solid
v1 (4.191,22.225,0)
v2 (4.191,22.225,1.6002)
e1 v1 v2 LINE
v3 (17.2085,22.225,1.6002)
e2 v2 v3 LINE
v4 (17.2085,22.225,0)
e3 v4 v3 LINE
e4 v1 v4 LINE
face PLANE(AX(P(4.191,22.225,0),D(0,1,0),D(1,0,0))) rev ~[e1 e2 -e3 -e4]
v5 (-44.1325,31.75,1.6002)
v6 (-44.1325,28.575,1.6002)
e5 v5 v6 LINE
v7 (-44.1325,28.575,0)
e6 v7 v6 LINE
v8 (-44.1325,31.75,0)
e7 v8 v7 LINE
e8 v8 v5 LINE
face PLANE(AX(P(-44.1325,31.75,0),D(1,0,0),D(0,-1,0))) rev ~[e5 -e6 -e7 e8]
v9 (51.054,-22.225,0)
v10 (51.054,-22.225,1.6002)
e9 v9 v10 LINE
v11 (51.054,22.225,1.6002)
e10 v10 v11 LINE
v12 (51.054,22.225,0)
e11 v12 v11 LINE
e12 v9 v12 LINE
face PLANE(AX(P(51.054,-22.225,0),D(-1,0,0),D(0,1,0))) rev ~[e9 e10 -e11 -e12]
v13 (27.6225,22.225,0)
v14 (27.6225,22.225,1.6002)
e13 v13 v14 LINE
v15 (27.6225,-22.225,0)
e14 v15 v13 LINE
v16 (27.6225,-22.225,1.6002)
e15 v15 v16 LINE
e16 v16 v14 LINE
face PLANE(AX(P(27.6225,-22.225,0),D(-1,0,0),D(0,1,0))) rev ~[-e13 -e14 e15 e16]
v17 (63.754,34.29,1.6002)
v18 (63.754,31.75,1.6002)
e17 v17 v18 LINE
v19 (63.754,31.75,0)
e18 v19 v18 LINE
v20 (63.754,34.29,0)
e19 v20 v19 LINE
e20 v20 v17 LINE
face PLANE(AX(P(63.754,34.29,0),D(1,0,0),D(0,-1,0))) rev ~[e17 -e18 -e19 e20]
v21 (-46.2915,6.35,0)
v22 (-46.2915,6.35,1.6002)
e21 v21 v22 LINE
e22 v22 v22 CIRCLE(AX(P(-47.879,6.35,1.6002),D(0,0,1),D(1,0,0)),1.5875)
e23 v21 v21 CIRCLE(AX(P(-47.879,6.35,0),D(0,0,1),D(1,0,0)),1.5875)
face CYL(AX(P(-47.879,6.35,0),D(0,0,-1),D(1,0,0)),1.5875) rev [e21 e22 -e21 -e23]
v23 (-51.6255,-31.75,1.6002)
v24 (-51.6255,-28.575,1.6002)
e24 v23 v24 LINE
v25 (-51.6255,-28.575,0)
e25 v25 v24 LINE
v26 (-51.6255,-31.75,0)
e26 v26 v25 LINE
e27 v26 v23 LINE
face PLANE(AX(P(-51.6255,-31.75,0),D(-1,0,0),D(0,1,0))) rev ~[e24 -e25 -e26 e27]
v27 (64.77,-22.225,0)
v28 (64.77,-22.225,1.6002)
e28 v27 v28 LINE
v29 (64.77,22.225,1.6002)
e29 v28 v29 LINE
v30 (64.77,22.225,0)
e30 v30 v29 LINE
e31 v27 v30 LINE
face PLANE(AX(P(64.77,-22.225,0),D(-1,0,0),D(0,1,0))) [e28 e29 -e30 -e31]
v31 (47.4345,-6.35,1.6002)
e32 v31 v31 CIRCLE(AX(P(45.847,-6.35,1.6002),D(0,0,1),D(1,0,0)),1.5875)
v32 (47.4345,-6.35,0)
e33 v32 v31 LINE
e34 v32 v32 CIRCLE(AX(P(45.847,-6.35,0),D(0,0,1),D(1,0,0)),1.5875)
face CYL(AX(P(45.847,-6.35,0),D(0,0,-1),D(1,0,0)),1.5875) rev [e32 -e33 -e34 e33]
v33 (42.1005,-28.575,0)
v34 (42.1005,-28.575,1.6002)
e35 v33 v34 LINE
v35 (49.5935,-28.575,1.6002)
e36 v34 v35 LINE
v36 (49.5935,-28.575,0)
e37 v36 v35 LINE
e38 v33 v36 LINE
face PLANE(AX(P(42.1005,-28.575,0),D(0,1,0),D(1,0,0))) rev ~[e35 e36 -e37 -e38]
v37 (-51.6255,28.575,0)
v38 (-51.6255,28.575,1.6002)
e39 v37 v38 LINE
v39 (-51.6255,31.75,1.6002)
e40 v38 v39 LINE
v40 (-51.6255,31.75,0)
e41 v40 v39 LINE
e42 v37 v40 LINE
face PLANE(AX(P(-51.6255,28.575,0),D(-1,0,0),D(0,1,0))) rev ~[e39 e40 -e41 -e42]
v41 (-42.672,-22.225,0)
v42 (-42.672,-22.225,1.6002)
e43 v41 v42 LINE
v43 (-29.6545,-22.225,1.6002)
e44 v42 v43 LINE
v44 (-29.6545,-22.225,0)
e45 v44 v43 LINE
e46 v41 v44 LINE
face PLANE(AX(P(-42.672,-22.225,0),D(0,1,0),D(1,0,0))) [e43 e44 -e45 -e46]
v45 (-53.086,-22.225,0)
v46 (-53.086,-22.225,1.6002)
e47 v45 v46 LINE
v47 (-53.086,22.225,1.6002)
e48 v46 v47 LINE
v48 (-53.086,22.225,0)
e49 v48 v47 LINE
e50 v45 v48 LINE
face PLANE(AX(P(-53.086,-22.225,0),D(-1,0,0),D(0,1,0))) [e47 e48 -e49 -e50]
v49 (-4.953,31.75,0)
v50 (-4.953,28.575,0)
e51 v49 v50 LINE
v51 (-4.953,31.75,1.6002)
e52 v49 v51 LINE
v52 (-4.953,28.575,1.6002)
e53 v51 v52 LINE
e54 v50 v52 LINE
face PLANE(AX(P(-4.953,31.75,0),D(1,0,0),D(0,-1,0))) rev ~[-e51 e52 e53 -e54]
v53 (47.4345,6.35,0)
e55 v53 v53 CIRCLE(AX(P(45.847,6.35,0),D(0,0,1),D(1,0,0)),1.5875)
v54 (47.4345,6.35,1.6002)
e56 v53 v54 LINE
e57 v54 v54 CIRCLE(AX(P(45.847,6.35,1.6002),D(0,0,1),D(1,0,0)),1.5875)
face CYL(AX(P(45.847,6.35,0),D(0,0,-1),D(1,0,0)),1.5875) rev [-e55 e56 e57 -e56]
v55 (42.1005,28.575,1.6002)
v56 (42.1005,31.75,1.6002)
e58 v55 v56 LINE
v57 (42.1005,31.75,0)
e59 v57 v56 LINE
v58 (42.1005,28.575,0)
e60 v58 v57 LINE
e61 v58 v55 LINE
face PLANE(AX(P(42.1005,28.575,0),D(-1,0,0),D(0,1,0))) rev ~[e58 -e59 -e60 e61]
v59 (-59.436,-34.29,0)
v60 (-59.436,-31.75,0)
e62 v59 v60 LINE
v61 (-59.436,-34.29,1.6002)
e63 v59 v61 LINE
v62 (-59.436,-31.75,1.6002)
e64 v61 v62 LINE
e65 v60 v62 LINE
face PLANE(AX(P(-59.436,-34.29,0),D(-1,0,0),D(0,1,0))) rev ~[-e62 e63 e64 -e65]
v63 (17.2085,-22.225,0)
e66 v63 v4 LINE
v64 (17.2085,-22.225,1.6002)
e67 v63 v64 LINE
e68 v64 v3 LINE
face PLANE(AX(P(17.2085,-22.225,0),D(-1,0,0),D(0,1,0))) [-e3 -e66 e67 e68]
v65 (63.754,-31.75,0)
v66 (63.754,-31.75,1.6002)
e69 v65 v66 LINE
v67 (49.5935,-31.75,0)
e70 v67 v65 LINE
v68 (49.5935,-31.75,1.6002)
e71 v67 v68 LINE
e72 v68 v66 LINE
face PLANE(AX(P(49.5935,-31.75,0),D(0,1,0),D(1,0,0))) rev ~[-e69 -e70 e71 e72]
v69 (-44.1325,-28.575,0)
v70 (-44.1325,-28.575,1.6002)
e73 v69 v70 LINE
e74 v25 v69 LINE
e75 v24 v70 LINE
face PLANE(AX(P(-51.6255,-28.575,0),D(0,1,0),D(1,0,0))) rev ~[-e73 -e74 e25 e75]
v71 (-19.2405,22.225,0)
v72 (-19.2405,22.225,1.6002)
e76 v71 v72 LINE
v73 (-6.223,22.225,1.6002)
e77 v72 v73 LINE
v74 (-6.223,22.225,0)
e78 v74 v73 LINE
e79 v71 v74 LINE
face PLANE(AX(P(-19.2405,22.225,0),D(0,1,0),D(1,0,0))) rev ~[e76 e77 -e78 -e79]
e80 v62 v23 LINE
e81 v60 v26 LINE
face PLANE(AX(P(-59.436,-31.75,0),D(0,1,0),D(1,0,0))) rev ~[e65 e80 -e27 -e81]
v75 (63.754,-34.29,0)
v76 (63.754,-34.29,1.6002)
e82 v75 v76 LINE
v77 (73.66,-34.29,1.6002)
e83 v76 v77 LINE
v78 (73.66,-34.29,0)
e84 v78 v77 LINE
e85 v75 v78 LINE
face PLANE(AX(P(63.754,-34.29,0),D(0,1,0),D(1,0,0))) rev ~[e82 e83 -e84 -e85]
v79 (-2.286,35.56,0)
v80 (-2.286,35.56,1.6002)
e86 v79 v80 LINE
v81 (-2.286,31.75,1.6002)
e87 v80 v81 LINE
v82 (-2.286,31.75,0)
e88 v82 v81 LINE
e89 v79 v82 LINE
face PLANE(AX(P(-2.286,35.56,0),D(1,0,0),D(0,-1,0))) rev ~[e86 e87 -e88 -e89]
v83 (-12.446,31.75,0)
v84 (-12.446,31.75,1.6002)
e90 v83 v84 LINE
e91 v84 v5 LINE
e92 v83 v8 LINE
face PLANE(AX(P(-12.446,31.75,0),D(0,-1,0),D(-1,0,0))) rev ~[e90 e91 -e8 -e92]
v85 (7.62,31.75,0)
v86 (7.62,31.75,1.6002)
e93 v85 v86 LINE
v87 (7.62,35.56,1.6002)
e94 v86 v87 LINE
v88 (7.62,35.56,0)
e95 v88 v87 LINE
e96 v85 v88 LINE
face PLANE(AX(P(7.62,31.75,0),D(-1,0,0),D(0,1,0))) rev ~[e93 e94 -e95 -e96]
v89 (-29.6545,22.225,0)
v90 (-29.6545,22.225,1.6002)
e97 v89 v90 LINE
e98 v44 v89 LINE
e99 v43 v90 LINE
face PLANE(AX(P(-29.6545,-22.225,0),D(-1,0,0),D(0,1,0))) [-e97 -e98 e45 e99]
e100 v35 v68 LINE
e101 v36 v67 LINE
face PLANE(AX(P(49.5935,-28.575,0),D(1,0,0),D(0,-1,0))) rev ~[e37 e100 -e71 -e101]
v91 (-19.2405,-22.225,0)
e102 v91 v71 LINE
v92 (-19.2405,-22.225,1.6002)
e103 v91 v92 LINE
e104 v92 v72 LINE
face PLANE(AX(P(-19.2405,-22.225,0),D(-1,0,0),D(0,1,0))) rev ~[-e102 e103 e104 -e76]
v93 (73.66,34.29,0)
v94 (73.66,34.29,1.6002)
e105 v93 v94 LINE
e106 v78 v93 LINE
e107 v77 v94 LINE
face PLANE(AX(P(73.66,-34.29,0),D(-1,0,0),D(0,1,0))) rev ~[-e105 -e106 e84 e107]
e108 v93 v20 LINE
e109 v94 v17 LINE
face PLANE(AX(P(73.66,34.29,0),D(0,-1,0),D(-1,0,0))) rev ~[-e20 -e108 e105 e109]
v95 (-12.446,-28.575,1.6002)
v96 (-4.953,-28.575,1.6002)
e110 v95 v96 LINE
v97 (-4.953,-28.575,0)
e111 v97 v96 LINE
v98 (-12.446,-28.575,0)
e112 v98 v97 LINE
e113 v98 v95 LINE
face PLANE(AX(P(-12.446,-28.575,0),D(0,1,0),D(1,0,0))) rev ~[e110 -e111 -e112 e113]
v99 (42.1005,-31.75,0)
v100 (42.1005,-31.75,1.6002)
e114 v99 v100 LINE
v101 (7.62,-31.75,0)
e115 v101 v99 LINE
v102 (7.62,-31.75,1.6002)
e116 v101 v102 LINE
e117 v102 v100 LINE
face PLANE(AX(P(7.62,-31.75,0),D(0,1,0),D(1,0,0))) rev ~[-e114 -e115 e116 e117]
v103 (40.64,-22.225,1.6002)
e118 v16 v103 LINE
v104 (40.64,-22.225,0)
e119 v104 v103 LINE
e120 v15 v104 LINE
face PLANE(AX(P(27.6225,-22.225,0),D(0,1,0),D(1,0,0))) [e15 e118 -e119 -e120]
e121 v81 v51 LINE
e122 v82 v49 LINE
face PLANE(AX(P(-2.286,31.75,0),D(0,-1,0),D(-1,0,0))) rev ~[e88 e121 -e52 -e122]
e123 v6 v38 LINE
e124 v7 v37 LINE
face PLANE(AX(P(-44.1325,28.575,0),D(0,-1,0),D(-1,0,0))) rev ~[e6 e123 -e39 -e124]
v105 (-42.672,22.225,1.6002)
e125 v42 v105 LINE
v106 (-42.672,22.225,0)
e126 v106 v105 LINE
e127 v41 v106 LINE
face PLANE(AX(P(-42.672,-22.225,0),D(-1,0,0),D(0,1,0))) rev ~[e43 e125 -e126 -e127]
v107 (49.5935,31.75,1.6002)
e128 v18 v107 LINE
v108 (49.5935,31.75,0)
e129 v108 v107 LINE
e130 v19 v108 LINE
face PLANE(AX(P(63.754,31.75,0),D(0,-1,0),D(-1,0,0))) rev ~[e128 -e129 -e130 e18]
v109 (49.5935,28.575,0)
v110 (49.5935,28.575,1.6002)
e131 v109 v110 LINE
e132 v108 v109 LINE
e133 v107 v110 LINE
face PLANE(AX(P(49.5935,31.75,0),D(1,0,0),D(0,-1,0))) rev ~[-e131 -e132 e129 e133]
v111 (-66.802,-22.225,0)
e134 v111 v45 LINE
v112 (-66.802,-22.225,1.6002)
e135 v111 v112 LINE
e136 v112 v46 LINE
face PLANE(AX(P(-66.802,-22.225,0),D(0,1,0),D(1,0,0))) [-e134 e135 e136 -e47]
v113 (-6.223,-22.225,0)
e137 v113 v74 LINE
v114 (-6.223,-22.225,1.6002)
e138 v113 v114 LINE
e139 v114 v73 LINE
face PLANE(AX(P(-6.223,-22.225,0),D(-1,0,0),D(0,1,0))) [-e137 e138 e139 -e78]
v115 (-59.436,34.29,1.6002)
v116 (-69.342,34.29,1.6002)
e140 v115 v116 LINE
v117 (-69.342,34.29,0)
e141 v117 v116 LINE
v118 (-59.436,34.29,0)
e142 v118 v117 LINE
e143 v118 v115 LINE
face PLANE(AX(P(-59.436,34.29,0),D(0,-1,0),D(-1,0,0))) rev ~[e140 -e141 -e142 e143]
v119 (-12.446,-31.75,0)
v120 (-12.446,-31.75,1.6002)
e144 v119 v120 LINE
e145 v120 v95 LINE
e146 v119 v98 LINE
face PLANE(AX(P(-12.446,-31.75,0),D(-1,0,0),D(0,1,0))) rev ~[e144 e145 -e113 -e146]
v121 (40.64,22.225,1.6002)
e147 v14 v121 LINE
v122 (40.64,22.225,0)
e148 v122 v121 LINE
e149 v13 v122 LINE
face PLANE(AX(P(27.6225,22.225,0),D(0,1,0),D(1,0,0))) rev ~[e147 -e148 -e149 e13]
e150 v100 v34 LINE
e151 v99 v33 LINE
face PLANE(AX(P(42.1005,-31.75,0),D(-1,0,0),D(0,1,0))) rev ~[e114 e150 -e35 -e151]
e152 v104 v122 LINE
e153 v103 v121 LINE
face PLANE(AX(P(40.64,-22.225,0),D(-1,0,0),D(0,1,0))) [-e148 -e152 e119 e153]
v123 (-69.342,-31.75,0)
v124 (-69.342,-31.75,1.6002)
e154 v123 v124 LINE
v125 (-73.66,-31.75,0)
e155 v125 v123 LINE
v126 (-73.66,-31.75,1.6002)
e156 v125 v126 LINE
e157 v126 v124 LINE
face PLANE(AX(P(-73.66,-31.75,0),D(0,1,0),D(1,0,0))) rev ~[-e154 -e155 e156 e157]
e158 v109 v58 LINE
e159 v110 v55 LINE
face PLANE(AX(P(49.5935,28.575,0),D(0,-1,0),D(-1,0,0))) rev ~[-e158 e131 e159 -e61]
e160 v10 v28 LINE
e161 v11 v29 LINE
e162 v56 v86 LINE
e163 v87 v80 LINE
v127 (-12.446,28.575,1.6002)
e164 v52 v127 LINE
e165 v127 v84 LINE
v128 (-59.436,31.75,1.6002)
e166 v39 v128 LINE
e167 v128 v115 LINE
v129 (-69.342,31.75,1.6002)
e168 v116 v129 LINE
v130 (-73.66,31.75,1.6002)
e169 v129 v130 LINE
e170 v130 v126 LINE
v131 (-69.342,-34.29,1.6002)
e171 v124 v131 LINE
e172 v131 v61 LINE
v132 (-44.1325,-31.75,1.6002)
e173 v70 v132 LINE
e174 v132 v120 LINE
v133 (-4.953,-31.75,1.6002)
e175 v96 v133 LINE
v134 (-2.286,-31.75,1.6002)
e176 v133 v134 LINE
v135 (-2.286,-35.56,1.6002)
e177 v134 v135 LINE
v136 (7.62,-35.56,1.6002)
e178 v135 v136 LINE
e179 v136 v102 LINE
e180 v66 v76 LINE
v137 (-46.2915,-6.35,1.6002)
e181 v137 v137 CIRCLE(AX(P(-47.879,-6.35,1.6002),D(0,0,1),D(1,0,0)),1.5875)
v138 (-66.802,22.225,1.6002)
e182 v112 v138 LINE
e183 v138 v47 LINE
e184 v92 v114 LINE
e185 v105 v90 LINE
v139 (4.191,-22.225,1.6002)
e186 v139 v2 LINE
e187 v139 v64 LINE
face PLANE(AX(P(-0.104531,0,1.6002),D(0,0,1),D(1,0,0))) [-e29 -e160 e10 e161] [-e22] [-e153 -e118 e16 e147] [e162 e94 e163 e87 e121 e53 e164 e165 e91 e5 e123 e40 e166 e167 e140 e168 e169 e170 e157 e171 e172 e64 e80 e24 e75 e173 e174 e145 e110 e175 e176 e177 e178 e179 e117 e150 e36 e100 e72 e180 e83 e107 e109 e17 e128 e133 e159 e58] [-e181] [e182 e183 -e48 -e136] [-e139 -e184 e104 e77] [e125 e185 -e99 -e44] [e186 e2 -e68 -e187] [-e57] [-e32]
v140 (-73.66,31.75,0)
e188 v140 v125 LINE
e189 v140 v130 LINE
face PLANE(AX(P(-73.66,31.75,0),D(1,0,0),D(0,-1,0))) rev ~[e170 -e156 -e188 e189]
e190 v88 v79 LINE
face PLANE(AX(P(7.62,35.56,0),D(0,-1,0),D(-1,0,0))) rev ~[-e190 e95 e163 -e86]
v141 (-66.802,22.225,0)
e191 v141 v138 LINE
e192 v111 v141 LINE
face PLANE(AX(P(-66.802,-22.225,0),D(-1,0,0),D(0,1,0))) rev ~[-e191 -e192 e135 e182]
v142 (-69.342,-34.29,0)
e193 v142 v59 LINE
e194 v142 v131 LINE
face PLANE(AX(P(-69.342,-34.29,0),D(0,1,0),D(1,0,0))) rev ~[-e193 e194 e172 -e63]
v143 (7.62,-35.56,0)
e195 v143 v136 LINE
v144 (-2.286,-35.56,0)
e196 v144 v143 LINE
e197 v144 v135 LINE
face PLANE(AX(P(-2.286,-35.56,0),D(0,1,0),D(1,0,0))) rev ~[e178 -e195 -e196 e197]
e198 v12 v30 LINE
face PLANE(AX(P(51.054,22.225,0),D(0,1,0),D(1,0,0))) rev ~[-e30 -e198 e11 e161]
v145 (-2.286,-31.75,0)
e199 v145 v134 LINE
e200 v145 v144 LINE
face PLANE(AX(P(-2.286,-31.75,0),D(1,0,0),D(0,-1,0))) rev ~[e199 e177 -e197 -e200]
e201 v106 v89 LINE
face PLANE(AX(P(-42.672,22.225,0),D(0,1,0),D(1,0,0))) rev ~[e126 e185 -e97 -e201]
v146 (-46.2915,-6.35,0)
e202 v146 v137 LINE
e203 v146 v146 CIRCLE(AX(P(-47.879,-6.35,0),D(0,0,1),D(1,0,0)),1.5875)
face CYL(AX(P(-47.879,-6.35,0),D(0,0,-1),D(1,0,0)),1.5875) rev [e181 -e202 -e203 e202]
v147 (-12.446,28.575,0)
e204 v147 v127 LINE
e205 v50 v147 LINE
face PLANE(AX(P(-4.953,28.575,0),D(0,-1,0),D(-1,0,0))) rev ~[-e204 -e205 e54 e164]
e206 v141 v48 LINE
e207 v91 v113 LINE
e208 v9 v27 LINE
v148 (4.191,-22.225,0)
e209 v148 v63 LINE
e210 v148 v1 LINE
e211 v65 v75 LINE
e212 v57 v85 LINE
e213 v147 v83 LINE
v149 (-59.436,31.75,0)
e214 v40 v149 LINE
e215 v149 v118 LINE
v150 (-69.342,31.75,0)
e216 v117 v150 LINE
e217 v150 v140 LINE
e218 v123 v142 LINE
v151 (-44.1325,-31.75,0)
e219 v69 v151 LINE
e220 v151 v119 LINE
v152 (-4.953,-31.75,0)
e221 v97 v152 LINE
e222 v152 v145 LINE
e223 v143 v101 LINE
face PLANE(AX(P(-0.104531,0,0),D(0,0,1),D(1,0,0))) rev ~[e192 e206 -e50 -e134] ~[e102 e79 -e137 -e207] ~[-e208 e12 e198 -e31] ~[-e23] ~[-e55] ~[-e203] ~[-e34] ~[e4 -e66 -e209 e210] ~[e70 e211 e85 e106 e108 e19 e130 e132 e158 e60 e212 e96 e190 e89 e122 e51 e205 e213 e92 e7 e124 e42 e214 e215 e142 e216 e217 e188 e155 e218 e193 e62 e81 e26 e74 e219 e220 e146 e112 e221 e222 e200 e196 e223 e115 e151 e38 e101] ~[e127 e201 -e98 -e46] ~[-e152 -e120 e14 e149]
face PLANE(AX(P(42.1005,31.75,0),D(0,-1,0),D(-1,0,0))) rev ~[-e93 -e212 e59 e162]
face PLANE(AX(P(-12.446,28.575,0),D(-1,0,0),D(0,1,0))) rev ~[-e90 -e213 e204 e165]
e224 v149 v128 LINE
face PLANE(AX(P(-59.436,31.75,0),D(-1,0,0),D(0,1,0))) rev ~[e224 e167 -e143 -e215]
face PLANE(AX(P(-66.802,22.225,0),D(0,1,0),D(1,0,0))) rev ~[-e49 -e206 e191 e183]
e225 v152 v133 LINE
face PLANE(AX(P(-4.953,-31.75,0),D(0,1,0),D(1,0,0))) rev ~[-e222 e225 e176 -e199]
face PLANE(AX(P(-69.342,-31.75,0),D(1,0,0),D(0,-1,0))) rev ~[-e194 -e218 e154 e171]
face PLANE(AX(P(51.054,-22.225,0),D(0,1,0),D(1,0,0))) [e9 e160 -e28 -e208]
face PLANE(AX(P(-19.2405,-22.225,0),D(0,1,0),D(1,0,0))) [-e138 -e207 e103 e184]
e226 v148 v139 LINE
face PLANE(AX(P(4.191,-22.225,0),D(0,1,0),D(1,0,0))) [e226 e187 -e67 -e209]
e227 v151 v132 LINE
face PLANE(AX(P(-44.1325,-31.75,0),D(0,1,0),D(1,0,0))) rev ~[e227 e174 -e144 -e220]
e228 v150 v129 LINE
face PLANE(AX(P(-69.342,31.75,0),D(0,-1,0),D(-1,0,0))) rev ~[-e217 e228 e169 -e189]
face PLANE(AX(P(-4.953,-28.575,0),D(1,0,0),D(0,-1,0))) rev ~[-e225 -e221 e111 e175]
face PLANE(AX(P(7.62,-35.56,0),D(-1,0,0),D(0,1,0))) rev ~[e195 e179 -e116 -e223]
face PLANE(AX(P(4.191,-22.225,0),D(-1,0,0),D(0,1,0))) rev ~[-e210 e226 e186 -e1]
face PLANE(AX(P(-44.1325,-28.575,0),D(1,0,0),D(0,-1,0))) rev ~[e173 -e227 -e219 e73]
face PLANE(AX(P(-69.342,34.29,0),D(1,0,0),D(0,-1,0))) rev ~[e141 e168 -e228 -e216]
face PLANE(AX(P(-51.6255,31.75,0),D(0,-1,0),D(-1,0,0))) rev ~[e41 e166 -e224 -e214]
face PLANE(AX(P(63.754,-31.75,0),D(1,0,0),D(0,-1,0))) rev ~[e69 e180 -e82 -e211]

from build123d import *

# Parameters (mm, degrees)
F0_W     = 13.716
F0_H     = 44.45
F0_R     = 1.5875
F0_W_2   = 13.0175
F1_DEPTH = 1.6002


with BuildPart() as f1:
    # F0 (on Top) → F1 (new body)
    with BuildSketch(Plane.XY):
        Polygon((63.754, 34.29), (63.754, 31.75), (49.5935, 31.75), (49.5935, 28.575), (45.847, 28.575), (42.1005, 28.575), (42.1005, 31.75), (7.62, 31.75), (7.62, 35.56), (-2.286, 35.56), (-2.286, 31.75), (-4.953, 31.75), (-4.953, 28.575), (-8.6995, 28.575), (-12.446, 28.575), (-12.446, 31.75), (-44.1325, 31.75), (-44.1325, 28.575), (-47.879, 28.575), (-51.6255, 28.575), (-51.6255, 31.75), (-59.436, 31.75), (-59.436, 34.29), (-69.342, 34.29), (-69.342, 31.75), (-73.66, 31.75), (-73.66, -31.75), (-69.342, -31.75), (-69.342, -34.29), (-59.436, -34.29), (-59.436, -31.75), (-51.6255, -31.75), (-51.6255, -28.575), (-47.879, -28.575), (-44.1325, -28.575), (-44.1325, -31.75), (-12.446, -31.75), (-12.446, -28.575), (-8.6995, -28.575), (-4.953, -28.575), (-4.953, -31.75), (-2.286, -31.75), (-2.286, -35.56), (7.62, -35.56), (7.62, -31.75), (42.1005, -31.75), (42.1005, -28.575), (45.847, -28.575), (49.5935, -28.575), (49.5935, -31.75), (63.754, -31.75), (63.754, -34.29), (73.66, -34.29), (73.66, -31.75), (73.66, 31.75), (73.66, 34.29), align=None)
        with Locations((-59.944, 0)):
            Rectangle(F0_W, F0_H, mode=Mode.SUBTRACT)
        with Locations((-47.879, -6.35)):
            Circle(F0_R, mode=Mode.SUBTRACT)
        with Locations((-36.16325, 0)):
            Rectangle(F0_W_2, F0_H, mode=Mode.SUBTRACT)
        with Locations((-12.73175, 0)):
            Rectangle(F0_W_2, F0_H, mode=Mode.SUBTRACT)
        with Locations((10.69975, 0)):
            Rectangle(F0_W_2, F0_H, mode=Mode.SUBTRACT)
        with Locations((34.13125, 0)):
            Rectangle(F0_W_2, F0_H, mode=Mode.SUBTRACT)
        with Locations((45.847, -6.35)):
            Circle(F0_R, mode=Mode.SUBTRACT)
        with Locations((57.912, 0)):
            Rectangle(F0_W, F0_H, mode=Mode.SUBTRACT)
        with Locations((-47.879, 6.35)):
            Circle(F0_R, mode=Mode.SUBTRACT)
        with Locations((45.847, 6.35)):
            Circle(F0_R, mode=Mode.SUBTRACT)
    extrude(amount=F1_DEPTH)


solid = f1.part
